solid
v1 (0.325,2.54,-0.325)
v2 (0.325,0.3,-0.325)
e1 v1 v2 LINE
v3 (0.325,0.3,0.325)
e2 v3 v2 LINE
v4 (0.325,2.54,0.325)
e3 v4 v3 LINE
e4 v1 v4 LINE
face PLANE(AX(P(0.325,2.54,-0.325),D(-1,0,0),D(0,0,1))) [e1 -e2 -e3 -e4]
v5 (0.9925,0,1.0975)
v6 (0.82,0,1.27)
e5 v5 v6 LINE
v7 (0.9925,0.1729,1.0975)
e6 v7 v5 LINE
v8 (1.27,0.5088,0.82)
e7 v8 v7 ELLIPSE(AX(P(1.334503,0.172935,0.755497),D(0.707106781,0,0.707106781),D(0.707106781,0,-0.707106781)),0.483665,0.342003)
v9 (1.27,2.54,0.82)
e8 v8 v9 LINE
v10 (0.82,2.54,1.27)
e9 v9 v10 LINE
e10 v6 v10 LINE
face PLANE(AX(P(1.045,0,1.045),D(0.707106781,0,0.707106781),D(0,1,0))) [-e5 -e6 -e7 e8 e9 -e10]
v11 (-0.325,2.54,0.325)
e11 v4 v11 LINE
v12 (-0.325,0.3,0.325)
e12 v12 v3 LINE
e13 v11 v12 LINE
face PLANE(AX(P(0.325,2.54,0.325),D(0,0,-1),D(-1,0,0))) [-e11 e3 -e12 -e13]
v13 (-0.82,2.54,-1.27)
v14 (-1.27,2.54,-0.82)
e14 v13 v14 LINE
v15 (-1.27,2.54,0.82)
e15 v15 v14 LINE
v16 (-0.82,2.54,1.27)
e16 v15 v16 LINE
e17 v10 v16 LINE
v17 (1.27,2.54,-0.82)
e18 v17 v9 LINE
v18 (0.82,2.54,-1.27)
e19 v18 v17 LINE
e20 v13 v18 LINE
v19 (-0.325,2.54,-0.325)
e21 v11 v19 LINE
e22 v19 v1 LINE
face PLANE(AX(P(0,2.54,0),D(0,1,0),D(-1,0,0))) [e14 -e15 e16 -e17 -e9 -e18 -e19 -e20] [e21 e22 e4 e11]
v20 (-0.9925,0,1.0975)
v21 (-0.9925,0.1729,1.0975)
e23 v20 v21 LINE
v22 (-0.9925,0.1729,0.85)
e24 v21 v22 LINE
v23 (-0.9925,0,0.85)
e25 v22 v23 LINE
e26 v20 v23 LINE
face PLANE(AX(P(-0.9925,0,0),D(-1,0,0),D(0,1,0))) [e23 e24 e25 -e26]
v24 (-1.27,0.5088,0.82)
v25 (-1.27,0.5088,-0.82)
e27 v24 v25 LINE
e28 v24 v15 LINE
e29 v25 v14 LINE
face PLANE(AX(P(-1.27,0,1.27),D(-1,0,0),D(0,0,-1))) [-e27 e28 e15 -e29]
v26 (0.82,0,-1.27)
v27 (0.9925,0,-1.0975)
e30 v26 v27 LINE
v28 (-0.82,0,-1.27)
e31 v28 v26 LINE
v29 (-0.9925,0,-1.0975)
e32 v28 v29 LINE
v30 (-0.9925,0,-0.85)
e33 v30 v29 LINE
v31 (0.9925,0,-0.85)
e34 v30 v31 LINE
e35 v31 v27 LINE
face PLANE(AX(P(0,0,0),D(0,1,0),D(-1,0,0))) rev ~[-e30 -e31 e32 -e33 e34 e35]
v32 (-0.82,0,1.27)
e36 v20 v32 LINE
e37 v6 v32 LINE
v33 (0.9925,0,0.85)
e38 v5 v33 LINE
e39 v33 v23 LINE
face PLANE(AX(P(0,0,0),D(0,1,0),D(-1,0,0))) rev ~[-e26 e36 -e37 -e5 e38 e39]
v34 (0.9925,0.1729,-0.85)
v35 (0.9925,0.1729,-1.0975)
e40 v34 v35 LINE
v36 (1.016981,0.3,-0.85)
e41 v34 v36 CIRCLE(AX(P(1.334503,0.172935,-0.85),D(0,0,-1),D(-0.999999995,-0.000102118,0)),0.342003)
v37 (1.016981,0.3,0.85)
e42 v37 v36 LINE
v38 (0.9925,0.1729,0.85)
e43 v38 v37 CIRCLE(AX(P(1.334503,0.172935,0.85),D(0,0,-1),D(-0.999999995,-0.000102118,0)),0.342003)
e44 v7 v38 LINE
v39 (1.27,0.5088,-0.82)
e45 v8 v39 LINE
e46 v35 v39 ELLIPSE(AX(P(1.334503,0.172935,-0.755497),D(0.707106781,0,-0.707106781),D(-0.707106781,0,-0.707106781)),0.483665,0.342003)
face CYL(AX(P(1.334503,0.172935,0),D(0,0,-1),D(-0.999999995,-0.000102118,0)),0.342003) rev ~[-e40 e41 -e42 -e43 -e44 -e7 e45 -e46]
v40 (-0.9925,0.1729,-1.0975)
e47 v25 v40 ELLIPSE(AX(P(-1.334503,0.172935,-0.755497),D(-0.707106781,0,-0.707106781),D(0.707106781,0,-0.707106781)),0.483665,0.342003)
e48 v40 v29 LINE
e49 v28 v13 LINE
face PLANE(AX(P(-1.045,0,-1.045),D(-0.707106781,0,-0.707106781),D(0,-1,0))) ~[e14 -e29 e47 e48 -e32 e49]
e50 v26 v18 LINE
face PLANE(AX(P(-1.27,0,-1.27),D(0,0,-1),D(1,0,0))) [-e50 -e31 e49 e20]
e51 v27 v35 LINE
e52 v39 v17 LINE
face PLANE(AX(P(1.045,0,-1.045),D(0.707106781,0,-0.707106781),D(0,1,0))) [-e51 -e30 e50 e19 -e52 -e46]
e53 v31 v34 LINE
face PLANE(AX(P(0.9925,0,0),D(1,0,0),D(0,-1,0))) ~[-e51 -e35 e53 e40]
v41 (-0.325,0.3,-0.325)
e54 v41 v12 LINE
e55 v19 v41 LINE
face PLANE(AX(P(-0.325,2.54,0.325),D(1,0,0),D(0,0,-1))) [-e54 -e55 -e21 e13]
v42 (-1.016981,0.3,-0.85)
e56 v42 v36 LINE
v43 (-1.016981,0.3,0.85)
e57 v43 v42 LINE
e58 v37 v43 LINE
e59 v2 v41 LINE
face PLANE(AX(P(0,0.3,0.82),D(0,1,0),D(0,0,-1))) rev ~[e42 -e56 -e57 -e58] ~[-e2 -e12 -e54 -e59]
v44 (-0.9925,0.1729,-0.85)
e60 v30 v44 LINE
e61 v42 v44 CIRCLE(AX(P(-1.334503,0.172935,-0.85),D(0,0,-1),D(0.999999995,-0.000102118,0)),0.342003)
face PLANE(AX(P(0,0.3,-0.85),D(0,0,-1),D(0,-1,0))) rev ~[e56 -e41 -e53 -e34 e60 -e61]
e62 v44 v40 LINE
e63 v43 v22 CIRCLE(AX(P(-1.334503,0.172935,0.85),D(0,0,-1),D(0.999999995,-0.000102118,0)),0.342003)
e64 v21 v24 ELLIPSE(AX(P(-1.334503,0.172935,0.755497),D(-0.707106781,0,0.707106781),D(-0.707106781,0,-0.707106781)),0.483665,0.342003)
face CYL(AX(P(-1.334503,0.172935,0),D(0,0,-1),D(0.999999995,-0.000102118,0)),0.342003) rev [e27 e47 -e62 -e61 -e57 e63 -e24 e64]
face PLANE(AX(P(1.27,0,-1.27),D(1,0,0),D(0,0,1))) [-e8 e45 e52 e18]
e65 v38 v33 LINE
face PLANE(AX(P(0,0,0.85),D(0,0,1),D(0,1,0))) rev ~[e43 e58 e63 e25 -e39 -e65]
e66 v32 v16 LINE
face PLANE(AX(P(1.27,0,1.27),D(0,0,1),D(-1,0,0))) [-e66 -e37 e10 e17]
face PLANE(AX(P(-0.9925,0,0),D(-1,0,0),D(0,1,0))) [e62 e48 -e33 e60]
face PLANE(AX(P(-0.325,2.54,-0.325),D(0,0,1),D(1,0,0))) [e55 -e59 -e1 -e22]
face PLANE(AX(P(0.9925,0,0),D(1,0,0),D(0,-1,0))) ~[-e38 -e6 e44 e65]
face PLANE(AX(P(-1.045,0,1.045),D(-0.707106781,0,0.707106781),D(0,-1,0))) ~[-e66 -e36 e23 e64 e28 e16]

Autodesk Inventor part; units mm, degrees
ref_plane "YZ Plane" through (0, 0, 0) normal (1, 0, 0) x (0, 1, 0)
ref_plane "XY Plane" through (0, 0, 0) normal (0, 0, 1) x (1, 0, 0)
sketch "Sketch1" plane through (0, 0, 0) normal (0, 1, 0) x (-1, 0, 0)
  line L0 (1.27, -1.27) -> (-1.27, -1.27)
  line L1 (-1.27, -1.27) -> (-1.27, 1.27)
  line L2 (-1.27, 1.27) -> (1.27, 1.27)
  line L3 (1.27, 1.27) -> (1.27, -1.27)
  point P0 (0, 0)
  point P1 (0, -1.27)
  point P2 (-1.27, 0)
  dimension "d0" = 2.54
  dimension "d1" = 2.54
extrude "Extrusion1" add sketch "Sketch1" along normal blind 2.54
sketch "Sketch2" plane through (0, 2.54, 0) normal (0, 1, 0) x (1, 0, 0)
  line L0 (-0.325, 0.325) -> (0.325, 0.325)
  line L1 (0.325, 0.325) -> (0.325, -0.325)
  line L2 (0.325, -0.325) -> (-0.325, -0.325)
  line L3 (-0.325, -0.325) -> (-0.325, 0.325)
  point P0 (0, 0)
  point P1 (0, 0.325)
  point P2 (0.325, 0)
  dimension "d4" = 0.65
  dimension "d5" = 0.65
extrude "Extrusion2" cut sketch "Sketch2" against normal up to next
chamfer "Chamfer1" distance 0.45 angle 45 4 edges at (1.27, 1.27, 1.27) (-1.27, 1.27, 1.27) (1.27, 1.27, -1.27) (-1.27, 1.27, -1.27)
sketch "Sketch3" plane through (0, 0, 0) normal (1, 0, 0) x (0, 1, 0)
  line L0 (0, -0.82) -> (2.54, -0.82) projected
  line L1 (0, 0.82) -> (0, -0.82) projected
  line L2 (2.54, 0.82) -> (0, 0.82) projected
  line L3 (2.54, -0.82) -> (2.54, 0.82) projected
  line L4 (2.54, 1.27) -> (2.54, 0.82) projected
  line L5 (2.54, 0.82) -> (0, 0.82) projected
  line L6 (0, 0.82) -> (0, 1.27) projected
  line L7 (0, 1.27) -> (2.54, 1.27) projected
  line L8 (2.54, -0.82) -> (2.54, -1.27) projected
  line L9 (2.54, -1.27) -> (0, -1.27) projected
  line L10 (0, -1.27) -> (0, -0.82) projected
  line L11 (0, -0.82) -> (2.54, -0.82) projected
  line L12 (0, 0.82) -> (0, -0.82) projected
  line L13 (0, 0.85) -> (0.3, 0.85)
  line L14 (0.3, 0.85) -> (0.3, -0.85)
  line L15 (0.3, -0.85) -> (0, -0.85)
  line L16 (0, -0.85) -> (0, 0.85)
  point P0 (0, 0)
  point P1 (0.3, 0)
  dimension "d11" = 0.3
  dimension "d16" = 1.7
extrude "Extrusion3" cut sketch "Sketch3" along normal mid plane 2.54 contours L1 L2 L14 L0 | L0 L14 L15 L10 | L6 L13 L14 L2
sketch "Sketch5" plane through (0, 0, 0) normal (0, 0, 1) x (1, 0, 0)
  line L0 (-1.27, 0.3) -> (-1.27, 2.54) projected
  line L1 (-1.27, 2.54) -> (-1.27, 0.3) projected
  line L2 (-1.27, 0.3) -> (-1.27, 2.54) projected
  line L3 (-1.24, 0.3) -> (-1.27, 0.3) projected
  line L4 (-1.27, 0.3) -> (-1.27, 2.54) projected
  line L5 (-1.27, 2.54) -> (-0.82, 2.54) projected
  line L6 (-0.82, 2.54) -> (-0.82, 0) projected
  line L7 (-0.82, 0) -> (-1.24, 0) projected
  line L8 (-1.24, 0) -> (-1.24, 0.3) projected
  line L9 (-0.9925, 0) -> (-0.9925, 0.1729)
  arc A0 (-0.9925, 0.1729) -> (-1.27, 0.5088) centre (-1.3346, 0.1729) ccw
  point P0 (0, 0)
extrude "Extrusion5" cut sketch "Sketch5" along normal mid plane 2.54 contours L0 A0 L9 L7 L8 L3
mirror "Mirror2" about plane through (0, 0, 0) normal (1, 0, 0) of "Extrusion5"
ref_plane "Work Plane1" through (0, -2.54, 0) normal (0, 1, 0) x (-1, 0, 0)
sketch "Sketch6" plane through (0, -2.54, 0) normal (0, 1, 0) x (-1, 0, 0)
  line L0 (0.325, -0.325) -> (-0.325, -0.325) projected
  line L1 (0.325, 0.325) -> (0.325, -0.325) projected
  line L2 (-0.325, 0.325) -> (0.325, 0.325) projected
  line L3 (-0.325, -0.325) -> (-0.325, 0.325) projected
  point P0 (0, 0)
equation "\"d1\" = d0"
equation "\"d4\" = d5"
properties part number "Housing male header - single" material "ABS Plastic"
